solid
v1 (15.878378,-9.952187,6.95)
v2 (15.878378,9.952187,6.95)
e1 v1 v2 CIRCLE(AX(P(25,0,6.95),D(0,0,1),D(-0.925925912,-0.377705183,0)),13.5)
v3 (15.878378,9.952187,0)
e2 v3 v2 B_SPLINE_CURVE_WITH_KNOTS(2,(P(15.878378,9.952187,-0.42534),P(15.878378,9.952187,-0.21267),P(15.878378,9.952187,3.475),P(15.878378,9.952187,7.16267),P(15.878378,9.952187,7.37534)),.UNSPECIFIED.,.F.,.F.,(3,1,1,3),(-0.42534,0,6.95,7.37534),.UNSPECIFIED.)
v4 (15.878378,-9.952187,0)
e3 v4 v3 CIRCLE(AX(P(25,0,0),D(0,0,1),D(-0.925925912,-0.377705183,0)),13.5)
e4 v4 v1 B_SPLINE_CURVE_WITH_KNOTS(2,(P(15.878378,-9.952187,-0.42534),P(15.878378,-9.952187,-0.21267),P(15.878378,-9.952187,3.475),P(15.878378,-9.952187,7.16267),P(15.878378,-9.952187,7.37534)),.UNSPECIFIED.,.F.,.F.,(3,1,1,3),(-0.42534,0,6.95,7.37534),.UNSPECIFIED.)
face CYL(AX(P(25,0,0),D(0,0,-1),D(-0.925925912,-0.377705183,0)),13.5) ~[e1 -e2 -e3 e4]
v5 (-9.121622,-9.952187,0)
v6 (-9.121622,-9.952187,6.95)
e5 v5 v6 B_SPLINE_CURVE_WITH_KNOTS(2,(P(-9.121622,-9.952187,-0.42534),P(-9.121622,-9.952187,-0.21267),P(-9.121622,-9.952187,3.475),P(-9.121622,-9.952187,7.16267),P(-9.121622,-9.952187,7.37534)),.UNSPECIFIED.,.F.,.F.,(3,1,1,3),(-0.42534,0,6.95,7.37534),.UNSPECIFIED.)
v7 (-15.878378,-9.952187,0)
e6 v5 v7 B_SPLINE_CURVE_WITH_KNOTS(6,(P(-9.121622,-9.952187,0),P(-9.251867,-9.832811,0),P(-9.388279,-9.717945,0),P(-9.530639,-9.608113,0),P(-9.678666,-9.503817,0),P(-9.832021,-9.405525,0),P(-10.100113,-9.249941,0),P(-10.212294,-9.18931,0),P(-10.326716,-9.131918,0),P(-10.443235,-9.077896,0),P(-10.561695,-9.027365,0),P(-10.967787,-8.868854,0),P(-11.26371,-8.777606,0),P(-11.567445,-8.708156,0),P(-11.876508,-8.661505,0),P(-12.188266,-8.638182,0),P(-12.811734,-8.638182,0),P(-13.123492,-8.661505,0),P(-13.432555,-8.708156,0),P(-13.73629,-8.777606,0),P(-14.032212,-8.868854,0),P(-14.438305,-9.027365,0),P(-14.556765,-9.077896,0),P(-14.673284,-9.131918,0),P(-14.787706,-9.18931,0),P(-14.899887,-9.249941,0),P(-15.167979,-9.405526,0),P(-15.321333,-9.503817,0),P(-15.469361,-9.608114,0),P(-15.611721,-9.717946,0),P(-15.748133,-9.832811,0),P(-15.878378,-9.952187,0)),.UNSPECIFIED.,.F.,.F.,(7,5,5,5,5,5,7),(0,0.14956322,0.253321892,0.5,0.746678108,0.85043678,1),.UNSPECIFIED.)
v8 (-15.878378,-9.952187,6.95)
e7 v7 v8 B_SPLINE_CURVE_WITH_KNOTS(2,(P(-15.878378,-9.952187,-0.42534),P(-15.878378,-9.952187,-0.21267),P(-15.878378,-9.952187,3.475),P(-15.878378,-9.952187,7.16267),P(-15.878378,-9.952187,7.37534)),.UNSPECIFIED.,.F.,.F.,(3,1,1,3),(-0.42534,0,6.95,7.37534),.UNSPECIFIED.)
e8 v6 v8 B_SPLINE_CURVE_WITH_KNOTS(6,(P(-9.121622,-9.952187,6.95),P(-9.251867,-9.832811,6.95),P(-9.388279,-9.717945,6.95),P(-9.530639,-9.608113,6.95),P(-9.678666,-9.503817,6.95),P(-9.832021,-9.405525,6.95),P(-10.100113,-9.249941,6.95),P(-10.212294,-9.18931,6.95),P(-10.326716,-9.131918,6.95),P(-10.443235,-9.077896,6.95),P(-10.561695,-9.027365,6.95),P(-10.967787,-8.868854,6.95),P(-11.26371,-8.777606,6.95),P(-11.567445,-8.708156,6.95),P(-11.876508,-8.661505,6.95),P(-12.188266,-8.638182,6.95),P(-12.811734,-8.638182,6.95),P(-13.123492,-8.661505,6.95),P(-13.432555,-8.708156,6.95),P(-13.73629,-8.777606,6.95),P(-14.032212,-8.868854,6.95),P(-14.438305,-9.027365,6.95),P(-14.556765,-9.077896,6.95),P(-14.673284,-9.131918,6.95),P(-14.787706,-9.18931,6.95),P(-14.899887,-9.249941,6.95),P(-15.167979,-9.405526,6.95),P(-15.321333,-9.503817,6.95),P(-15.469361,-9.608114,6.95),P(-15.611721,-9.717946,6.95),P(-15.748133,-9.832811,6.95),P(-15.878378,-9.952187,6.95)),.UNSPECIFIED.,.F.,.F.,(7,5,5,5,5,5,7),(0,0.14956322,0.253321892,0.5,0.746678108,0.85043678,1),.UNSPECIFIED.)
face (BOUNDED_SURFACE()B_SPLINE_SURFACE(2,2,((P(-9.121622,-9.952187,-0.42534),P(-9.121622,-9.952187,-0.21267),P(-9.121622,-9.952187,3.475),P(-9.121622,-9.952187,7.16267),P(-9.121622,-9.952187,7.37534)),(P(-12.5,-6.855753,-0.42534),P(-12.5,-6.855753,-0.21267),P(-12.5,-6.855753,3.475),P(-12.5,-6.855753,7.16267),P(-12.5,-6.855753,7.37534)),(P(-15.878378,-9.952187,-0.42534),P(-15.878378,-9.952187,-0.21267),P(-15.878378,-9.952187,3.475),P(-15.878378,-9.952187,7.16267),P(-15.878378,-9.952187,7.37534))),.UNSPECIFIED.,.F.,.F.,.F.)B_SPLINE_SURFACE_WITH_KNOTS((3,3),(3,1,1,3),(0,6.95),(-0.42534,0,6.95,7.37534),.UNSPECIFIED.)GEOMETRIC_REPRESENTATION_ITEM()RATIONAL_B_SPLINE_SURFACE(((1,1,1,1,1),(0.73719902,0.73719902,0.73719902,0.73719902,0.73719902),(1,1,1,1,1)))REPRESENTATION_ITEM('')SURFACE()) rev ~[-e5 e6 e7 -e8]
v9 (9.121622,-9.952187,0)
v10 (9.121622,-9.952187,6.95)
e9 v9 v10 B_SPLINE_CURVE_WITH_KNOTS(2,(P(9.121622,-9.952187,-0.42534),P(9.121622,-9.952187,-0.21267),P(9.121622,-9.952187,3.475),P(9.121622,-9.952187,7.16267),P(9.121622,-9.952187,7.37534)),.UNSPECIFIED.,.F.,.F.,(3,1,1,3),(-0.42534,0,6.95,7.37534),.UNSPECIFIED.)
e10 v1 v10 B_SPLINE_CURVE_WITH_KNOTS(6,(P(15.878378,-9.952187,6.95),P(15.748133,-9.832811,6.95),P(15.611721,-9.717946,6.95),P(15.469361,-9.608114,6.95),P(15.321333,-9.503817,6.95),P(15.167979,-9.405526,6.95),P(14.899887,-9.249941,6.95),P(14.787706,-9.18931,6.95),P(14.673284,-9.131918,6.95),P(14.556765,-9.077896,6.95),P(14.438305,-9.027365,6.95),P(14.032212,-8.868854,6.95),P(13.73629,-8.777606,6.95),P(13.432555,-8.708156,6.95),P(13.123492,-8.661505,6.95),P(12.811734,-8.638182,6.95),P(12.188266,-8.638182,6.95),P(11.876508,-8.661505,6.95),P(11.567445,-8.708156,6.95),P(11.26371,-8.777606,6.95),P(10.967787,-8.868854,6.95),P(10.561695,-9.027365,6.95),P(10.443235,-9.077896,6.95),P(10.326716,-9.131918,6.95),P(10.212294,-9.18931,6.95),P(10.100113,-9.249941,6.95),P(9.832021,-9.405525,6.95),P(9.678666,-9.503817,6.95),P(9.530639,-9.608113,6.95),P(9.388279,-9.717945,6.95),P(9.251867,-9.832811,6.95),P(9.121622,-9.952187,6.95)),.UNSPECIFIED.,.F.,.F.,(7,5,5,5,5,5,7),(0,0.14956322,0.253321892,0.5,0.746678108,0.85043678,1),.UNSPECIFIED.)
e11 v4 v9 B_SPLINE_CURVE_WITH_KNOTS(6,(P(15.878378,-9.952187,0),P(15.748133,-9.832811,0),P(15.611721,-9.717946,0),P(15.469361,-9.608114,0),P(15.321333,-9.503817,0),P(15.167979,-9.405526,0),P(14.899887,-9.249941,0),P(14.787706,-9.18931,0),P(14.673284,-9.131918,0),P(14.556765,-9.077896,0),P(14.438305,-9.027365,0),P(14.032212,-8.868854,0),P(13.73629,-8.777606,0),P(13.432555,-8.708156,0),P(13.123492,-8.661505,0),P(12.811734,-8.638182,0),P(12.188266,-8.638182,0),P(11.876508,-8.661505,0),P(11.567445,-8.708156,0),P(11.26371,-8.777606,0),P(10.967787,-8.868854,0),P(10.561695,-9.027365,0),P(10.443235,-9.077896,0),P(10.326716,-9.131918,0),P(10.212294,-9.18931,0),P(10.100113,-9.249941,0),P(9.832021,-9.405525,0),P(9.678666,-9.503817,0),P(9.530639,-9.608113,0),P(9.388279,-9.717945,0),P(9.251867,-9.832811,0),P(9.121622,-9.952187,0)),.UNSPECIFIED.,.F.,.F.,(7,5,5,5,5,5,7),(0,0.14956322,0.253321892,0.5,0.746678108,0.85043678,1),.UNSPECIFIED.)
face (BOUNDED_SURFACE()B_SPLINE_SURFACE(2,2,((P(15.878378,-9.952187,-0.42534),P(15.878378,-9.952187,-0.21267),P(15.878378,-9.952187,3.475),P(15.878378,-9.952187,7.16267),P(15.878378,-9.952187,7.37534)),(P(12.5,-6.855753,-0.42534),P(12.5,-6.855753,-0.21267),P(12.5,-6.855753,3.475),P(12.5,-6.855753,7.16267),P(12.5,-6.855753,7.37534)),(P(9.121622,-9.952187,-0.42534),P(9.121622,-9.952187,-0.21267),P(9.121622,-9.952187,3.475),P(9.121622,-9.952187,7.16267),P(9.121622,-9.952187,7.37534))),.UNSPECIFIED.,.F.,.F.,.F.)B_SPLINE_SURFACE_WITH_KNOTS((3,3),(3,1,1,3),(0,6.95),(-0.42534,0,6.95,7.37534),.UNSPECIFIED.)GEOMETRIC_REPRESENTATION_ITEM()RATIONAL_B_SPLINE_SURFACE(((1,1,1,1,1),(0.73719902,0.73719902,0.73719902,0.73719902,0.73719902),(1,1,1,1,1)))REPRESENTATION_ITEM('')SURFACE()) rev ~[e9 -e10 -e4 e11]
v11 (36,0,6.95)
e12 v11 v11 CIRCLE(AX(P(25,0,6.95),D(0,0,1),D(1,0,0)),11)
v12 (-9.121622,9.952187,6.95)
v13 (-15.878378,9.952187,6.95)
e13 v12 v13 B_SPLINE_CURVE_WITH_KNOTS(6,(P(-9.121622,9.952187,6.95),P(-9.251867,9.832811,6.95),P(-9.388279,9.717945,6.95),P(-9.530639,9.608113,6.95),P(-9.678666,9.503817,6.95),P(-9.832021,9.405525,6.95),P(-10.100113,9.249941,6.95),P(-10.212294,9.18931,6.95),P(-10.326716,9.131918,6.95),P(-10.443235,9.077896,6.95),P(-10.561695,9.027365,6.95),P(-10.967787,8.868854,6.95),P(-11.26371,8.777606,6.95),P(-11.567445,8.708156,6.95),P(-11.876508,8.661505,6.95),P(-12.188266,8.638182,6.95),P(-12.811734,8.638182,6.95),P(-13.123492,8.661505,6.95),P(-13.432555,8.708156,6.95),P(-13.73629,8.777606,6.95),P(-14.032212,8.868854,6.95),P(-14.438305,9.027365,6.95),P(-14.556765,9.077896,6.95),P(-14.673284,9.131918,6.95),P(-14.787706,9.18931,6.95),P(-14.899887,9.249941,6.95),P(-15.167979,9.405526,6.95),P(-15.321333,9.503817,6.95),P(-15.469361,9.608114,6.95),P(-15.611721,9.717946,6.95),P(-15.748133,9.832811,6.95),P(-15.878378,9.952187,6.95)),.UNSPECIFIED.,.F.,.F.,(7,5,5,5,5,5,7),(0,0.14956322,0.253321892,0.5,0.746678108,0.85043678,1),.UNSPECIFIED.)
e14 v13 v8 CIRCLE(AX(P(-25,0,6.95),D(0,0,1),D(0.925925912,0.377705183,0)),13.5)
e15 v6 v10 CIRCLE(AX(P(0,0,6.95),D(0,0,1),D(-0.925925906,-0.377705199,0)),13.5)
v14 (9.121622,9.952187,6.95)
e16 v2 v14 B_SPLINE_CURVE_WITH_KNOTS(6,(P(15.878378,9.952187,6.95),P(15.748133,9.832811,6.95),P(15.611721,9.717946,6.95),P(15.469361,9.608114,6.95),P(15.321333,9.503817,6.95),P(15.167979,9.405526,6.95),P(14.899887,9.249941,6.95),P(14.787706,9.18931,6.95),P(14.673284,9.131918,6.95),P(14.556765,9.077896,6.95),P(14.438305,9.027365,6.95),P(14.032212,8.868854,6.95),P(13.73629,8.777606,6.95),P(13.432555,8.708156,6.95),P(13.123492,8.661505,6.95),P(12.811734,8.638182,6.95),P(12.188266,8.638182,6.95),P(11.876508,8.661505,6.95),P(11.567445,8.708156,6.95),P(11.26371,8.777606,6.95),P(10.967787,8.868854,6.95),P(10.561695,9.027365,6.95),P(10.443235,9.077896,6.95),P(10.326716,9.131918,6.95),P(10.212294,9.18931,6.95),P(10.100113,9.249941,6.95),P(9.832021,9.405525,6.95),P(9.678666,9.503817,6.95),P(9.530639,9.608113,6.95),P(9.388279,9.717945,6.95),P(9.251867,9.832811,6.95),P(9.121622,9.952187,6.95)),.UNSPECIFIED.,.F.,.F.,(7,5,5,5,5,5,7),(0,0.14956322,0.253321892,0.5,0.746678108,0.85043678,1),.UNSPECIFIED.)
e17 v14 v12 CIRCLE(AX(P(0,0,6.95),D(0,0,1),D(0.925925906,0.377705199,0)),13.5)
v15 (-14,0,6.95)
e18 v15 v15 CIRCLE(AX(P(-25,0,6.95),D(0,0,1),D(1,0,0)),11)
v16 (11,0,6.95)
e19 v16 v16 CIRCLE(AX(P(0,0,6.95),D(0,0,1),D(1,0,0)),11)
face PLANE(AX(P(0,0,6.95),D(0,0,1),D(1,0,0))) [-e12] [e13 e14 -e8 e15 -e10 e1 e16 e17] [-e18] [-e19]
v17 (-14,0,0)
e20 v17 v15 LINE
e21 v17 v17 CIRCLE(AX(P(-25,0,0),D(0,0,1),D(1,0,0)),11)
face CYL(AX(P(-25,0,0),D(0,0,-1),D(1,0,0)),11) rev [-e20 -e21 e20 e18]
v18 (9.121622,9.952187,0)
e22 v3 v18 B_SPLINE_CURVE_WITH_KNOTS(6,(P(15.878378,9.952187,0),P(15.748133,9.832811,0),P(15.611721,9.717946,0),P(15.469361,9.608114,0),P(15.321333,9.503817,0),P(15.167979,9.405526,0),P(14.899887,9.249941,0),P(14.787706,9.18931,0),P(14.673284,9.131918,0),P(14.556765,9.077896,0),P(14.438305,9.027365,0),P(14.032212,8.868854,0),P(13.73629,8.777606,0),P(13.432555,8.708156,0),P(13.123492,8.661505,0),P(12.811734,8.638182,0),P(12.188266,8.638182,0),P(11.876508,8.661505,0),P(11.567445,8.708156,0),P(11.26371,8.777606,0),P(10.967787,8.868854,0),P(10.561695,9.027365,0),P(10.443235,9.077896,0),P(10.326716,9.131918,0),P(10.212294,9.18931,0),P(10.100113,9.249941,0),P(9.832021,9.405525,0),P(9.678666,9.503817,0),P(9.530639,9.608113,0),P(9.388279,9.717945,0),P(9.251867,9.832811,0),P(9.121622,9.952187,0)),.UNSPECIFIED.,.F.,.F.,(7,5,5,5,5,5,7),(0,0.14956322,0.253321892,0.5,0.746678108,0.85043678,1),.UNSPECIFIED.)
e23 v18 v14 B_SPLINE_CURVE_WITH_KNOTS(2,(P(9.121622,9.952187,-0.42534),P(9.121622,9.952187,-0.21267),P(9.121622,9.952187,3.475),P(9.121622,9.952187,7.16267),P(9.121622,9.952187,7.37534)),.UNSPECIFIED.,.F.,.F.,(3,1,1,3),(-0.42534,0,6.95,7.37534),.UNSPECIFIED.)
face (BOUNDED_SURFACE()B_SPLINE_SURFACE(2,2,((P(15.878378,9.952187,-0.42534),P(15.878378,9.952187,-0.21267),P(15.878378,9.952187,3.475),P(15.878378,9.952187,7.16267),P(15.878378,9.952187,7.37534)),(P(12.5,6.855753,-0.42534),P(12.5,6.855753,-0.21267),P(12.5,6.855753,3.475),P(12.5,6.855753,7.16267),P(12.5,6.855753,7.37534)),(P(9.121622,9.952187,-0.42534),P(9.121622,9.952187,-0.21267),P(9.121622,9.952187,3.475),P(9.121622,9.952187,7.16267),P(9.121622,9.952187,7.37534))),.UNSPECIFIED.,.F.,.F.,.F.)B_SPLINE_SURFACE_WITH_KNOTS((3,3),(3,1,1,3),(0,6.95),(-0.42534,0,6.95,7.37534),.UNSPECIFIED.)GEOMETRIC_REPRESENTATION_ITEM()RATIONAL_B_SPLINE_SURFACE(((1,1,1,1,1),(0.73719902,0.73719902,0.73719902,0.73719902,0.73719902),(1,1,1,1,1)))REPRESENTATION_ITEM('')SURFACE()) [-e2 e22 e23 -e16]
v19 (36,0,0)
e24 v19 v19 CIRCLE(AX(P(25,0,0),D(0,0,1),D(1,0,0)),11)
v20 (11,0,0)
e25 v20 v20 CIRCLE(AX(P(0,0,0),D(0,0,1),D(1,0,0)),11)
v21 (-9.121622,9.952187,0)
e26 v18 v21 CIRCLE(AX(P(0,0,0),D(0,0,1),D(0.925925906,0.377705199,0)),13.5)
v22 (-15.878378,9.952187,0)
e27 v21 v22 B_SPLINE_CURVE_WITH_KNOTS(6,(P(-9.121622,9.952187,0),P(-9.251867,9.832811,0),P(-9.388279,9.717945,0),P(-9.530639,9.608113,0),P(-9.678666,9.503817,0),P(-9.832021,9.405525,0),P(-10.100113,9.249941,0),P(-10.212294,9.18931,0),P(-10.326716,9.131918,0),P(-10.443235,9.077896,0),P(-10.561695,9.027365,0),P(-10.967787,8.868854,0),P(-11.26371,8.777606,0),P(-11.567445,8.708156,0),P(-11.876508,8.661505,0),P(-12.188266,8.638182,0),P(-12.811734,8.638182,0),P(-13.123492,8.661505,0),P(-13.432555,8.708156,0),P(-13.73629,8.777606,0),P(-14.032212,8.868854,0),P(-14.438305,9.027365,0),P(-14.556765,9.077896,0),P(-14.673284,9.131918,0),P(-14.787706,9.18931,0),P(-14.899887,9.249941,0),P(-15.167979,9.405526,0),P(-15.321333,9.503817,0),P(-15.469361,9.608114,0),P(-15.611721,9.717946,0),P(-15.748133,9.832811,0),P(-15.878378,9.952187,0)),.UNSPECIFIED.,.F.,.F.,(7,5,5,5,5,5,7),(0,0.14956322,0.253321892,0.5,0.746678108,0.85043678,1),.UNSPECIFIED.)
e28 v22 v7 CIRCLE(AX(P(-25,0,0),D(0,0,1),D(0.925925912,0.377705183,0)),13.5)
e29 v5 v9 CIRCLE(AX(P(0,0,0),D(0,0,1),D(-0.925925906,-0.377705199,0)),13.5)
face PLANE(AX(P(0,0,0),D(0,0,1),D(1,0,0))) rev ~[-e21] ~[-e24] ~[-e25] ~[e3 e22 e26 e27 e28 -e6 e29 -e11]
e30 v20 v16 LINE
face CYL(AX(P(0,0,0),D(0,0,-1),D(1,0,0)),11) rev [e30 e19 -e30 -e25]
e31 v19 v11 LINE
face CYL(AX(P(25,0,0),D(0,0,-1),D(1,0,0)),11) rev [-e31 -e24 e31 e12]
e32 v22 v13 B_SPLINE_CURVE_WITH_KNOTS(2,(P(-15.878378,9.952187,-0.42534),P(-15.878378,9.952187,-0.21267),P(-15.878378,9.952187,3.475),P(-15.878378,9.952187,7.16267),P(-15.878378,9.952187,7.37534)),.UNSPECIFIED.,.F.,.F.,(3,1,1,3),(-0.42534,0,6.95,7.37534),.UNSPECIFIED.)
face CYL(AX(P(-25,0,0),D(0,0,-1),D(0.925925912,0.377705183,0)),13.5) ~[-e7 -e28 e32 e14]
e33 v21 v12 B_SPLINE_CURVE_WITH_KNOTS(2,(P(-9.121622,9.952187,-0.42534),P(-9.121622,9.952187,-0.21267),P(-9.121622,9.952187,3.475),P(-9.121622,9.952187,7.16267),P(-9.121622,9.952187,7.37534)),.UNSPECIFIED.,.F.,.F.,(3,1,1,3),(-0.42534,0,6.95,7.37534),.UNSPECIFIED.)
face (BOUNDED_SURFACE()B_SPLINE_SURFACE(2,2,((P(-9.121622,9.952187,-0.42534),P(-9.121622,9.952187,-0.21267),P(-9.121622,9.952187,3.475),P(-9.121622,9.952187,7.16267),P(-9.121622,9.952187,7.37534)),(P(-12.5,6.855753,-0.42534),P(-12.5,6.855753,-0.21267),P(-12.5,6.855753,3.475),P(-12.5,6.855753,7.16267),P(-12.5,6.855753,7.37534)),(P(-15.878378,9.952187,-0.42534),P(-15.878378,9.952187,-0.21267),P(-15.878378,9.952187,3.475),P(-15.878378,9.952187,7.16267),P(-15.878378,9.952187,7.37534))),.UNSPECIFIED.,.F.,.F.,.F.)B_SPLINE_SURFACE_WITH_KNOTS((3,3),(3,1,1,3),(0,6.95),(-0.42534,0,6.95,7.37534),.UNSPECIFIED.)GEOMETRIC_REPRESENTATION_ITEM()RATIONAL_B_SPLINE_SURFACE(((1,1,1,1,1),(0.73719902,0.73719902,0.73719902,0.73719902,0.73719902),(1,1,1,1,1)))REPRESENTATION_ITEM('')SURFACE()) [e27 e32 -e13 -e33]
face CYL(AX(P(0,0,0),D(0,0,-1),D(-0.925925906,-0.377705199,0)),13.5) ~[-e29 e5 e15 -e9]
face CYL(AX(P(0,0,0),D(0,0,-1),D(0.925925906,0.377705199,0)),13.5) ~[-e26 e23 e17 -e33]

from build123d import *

# Parameters (mm, degrees)
F0_R     = 11
F1_DEPTH = 6.95
F2_R     = 5


with BuildPart() as f1:
    # F0 (on Top) → F1 (new body)
    with BuildSketch(Plane.XY):
        with BuildLine():
            ThreePointArc((12.5, -5.09902), (38.5, 0), (12.5, 5.09902))
            ThreePointArc((12.5, 5.09902), (0, 13.5), (-12.5, 5.09902))
            ThreePointArc((-12.5, 5.09902), (-38.5, 0), (-12.5, -5.09902))
            ThreePointArc((-12.5, -5.09902), (0, -13.5), (12.5, -5.09902))
        make_face()
        with Locations((-25, 0)):
            Circle(F0_R, mode=Mode.SUBTRACT)
        Circle(F0_R, mode=Mode.SUBTRACT)
        with Locations((25, 0)):
            Circle(F0_R, mode=Mode.SUBTRACT)
    extrude(amount=F1_DEPTH)

    # F2
    f2_edges = [f1.edges().sort_by_distance(p)[0] for p in [
        (-12.5, -5.09902, 3.475),
        (12.5, -5.09902, 3.475),
        (12.5, 5.09902, 3.475),
        (-12.5, 5.09902, 3.475),
    ]]
    fillet(f2_edges, radius=F2_R)


solid = f1.part
